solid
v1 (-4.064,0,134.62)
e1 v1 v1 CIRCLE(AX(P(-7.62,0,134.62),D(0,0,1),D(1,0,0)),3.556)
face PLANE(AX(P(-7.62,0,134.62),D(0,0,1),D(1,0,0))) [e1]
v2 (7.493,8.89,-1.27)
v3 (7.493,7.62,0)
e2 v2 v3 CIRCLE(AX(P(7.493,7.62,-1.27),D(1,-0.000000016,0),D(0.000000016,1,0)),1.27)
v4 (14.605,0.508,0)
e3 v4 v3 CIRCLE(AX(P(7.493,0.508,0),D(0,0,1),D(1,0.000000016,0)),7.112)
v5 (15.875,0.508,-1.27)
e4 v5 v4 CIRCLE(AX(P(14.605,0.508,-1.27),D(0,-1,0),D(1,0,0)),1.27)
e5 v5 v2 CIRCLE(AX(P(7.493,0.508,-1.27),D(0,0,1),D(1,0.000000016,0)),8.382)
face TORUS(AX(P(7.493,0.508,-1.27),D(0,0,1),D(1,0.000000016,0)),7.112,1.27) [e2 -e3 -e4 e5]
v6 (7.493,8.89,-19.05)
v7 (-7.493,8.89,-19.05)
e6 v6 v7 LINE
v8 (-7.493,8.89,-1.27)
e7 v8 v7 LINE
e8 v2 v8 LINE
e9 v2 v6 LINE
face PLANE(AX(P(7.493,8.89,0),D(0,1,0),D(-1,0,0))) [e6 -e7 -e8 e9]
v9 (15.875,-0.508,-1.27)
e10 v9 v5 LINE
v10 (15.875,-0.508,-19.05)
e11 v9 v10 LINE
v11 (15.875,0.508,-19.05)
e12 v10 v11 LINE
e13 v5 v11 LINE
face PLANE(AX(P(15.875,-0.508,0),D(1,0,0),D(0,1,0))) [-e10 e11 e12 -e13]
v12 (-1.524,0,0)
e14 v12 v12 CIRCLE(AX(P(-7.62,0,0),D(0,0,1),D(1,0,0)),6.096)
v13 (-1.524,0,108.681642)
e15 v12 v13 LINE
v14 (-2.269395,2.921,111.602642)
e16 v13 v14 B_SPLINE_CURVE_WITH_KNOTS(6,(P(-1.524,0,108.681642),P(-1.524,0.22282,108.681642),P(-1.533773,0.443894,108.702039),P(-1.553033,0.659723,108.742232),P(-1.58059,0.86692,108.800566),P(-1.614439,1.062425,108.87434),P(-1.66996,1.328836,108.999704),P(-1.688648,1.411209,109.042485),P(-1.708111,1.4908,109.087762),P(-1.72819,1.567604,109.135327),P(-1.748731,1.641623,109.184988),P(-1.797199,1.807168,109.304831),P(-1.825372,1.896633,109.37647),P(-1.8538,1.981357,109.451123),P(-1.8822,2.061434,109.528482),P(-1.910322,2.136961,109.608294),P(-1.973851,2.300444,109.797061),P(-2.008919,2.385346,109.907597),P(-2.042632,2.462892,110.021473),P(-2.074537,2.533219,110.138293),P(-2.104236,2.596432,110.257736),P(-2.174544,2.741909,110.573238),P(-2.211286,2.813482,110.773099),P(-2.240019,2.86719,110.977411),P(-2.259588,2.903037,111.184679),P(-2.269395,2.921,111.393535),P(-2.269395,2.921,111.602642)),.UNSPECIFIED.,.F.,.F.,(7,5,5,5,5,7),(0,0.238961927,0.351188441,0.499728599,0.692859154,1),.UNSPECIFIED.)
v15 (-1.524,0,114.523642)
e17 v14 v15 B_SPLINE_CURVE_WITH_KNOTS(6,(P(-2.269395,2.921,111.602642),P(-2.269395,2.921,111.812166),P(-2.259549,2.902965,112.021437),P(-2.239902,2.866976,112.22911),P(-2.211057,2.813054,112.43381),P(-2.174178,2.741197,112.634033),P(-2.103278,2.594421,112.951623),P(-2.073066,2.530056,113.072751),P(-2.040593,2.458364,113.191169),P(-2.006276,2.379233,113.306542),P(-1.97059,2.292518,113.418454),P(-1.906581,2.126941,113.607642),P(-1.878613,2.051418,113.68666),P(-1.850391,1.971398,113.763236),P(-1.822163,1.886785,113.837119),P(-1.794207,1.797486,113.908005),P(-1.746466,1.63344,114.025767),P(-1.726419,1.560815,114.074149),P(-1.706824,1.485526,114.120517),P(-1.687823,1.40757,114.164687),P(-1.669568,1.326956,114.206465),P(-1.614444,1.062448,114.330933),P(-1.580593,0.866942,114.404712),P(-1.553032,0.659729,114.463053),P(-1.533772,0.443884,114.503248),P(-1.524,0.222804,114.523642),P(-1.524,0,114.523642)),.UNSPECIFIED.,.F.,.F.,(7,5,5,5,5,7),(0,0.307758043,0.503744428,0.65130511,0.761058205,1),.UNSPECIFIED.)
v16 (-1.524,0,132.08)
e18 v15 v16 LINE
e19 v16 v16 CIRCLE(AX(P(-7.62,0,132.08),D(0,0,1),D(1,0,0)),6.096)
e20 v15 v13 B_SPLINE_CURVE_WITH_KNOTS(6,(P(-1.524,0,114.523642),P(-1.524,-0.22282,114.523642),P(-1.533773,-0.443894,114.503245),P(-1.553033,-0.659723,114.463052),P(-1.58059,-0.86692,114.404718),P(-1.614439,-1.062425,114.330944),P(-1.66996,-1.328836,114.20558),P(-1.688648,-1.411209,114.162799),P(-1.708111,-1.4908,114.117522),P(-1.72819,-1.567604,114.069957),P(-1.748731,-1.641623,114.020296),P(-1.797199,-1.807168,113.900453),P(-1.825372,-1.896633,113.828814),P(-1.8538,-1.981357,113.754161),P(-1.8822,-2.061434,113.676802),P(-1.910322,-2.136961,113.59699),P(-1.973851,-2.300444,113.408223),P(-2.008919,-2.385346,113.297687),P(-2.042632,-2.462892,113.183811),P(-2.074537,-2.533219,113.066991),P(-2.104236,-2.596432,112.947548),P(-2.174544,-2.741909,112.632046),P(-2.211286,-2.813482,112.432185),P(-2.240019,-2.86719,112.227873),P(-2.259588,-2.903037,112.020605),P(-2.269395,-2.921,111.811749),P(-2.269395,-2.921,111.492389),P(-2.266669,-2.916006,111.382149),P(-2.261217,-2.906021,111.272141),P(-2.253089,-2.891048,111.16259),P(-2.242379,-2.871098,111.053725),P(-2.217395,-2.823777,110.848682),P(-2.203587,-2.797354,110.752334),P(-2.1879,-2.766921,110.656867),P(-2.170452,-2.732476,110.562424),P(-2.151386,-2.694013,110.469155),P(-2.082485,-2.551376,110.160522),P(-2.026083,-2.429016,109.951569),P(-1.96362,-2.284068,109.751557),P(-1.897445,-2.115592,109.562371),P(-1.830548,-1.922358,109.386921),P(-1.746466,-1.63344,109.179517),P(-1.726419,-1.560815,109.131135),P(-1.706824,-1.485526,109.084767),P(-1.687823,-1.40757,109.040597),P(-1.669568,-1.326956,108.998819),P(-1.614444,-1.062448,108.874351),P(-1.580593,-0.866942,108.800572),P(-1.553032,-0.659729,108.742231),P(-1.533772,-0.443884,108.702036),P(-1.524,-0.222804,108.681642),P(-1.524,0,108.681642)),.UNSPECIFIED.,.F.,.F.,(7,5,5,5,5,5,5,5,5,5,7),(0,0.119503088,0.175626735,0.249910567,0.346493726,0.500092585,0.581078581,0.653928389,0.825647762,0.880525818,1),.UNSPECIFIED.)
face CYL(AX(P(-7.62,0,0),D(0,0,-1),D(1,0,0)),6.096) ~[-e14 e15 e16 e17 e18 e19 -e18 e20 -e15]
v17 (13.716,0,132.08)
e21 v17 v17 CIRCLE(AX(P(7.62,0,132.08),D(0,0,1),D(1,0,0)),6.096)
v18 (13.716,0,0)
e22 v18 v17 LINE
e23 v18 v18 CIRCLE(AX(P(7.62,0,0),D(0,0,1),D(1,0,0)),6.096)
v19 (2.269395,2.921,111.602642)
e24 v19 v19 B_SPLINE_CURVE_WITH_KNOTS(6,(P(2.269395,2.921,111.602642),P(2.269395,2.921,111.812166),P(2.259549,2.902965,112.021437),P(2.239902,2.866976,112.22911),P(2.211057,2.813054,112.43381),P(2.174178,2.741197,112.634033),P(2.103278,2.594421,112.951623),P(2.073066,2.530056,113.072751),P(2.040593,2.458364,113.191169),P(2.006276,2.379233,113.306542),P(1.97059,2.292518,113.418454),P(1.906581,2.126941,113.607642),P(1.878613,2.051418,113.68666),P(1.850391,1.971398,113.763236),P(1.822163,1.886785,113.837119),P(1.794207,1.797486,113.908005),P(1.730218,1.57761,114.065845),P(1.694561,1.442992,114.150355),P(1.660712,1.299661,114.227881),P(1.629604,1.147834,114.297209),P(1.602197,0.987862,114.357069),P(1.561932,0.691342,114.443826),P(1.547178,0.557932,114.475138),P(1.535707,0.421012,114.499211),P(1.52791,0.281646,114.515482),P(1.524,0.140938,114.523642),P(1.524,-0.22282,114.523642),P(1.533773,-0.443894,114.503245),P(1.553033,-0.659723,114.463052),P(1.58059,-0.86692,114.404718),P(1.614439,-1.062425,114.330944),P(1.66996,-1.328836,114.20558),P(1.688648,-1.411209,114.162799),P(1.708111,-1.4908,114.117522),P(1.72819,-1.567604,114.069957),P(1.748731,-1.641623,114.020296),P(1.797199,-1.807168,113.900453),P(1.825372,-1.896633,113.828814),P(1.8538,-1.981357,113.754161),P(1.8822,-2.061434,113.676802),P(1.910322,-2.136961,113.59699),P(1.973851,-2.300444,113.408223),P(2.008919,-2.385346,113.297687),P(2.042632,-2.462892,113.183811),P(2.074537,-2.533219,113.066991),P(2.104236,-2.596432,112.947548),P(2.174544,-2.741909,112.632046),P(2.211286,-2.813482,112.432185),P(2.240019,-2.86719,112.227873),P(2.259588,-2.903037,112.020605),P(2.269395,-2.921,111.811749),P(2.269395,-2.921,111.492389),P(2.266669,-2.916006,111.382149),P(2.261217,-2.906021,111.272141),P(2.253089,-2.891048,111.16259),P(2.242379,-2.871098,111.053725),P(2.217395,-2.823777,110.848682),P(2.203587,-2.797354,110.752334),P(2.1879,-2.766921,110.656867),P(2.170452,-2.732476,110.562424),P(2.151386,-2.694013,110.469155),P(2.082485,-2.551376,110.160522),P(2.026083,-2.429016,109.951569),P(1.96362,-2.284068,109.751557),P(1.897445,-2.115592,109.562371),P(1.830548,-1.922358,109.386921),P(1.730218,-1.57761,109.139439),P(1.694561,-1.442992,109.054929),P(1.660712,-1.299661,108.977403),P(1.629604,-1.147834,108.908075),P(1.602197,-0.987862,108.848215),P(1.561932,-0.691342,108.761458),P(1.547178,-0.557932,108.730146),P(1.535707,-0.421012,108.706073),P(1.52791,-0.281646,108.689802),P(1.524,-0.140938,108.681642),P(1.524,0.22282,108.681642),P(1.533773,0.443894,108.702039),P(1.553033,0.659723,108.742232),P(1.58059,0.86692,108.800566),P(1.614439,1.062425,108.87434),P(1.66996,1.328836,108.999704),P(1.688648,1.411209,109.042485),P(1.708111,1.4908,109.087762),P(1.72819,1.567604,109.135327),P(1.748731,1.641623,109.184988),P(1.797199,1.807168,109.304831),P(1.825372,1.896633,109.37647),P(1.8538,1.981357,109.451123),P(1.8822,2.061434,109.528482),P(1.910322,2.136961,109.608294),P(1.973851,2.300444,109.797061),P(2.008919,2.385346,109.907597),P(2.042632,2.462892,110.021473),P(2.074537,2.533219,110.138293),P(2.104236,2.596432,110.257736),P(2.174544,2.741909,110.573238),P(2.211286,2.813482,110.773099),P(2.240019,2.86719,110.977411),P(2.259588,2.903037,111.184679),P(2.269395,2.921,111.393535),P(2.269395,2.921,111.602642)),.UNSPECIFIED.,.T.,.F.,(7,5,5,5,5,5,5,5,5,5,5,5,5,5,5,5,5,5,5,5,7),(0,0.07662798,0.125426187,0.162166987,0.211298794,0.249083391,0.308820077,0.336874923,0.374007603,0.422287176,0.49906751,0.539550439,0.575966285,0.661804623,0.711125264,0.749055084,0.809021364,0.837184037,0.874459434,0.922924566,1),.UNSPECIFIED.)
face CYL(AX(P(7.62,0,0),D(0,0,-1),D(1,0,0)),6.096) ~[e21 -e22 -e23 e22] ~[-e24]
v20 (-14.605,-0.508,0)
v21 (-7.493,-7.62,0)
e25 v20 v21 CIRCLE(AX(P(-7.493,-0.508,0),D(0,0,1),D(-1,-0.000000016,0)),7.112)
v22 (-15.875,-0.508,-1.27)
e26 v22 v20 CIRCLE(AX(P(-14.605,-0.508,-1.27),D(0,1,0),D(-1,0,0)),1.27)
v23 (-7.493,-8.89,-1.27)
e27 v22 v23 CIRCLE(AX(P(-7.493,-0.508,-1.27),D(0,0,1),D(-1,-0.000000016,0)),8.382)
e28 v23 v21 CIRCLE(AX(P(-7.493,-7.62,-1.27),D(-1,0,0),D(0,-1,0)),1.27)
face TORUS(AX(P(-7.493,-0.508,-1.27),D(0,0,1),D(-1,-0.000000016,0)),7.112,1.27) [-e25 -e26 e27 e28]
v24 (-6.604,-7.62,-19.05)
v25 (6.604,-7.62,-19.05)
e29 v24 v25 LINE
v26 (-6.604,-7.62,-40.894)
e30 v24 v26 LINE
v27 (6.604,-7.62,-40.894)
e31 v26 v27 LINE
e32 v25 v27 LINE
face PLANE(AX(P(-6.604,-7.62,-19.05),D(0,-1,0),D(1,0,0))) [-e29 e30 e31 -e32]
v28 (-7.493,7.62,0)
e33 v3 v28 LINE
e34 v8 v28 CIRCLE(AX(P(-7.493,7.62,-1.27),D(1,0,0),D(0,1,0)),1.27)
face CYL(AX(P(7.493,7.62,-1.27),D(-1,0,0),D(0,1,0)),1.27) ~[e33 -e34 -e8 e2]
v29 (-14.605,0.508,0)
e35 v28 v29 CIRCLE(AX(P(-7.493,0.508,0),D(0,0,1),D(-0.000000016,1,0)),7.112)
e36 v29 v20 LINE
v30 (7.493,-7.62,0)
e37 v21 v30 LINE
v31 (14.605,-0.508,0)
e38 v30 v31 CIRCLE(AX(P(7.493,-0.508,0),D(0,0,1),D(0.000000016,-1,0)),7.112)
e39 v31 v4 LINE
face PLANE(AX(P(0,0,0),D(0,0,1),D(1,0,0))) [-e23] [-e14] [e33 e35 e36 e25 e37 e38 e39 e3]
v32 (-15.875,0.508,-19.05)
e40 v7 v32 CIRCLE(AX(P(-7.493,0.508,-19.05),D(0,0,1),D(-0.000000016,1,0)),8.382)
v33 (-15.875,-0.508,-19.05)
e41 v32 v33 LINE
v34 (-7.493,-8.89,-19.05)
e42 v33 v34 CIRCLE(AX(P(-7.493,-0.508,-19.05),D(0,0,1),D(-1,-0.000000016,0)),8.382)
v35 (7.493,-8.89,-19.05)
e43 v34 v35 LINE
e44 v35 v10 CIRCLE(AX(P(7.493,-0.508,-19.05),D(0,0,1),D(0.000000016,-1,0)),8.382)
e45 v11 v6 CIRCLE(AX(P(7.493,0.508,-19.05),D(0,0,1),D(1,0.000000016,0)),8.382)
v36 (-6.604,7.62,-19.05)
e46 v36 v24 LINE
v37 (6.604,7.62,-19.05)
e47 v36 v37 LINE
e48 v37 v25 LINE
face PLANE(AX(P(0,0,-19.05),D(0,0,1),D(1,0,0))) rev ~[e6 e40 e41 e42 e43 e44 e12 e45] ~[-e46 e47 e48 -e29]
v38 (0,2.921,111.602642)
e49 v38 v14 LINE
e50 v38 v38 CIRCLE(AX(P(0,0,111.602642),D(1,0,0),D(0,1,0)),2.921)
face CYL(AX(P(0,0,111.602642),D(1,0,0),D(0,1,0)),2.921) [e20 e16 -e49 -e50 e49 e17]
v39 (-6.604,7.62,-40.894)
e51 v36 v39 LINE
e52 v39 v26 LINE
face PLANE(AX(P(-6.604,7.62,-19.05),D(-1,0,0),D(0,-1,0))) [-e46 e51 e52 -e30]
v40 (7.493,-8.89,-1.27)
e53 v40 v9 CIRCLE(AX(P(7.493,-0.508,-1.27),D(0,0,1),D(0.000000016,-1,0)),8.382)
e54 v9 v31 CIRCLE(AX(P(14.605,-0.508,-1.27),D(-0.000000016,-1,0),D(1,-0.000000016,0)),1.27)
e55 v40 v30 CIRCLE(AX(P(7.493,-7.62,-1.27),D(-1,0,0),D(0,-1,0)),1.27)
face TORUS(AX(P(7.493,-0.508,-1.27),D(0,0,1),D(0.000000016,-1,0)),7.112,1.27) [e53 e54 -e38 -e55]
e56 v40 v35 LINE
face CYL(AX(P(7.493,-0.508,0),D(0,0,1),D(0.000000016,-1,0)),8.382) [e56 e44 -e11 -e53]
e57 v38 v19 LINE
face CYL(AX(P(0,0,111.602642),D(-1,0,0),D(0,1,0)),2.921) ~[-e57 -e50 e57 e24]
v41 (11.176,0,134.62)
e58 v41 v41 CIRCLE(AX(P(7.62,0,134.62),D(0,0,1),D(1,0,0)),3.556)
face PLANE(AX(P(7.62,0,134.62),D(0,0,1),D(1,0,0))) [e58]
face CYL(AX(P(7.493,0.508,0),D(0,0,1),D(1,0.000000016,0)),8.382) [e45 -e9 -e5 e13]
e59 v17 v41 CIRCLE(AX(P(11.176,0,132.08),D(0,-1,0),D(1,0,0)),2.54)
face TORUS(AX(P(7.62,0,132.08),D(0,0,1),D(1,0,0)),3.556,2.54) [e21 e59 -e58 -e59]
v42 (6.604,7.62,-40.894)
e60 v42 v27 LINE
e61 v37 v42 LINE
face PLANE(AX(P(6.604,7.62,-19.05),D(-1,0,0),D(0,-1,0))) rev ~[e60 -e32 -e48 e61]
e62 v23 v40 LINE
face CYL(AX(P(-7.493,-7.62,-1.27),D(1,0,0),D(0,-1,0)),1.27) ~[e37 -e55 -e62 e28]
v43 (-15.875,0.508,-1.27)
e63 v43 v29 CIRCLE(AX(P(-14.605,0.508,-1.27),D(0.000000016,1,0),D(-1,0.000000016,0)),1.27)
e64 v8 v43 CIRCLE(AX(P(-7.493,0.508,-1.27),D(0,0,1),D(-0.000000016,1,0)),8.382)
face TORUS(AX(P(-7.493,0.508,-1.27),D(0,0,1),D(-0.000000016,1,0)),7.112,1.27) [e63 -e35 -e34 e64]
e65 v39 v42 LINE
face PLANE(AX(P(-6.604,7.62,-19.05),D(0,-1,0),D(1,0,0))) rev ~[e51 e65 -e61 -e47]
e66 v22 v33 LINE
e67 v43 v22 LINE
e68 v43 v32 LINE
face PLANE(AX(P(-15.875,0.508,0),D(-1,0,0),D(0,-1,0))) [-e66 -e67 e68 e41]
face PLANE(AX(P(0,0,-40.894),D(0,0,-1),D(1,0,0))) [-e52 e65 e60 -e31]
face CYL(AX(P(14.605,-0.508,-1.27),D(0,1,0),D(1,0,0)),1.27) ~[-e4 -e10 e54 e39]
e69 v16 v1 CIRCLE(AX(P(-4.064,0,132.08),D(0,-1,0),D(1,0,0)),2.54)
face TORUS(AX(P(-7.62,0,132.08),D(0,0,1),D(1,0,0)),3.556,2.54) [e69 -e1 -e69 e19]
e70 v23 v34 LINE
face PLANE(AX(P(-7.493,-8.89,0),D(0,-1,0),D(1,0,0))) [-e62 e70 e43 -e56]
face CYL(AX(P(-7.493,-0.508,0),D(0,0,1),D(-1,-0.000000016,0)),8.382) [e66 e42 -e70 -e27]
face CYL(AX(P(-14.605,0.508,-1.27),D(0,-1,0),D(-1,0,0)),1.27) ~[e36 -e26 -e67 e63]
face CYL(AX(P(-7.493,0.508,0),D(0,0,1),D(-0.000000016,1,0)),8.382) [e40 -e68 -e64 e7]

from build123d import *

# Parameters (mm, degrees)
F0_R          = 6.096
F1_DEPTH      = 134.62
F2_R          = 2.921
F3_DEPTH      = 5.08
F3_DEPTH_BACK = 5.08
F4_R          = 2.54
F6_DEPTH      = 19.05
F7_R          = 1.27
F8_W          = 13.208
F8_H          = 15.24
F9_DEPTH      = 21.844


with BuildPart() as f1:
    # F0 (on Top) → F1 (new body)
    with BuildSketch(Plane.XY):
        with Locations((7.62, 0)):
            Circle(F0_R)
        with Locations((-7.62, 0)):
            Circle(F0_R)
    extrude(amount=F1_DEPTH)

    # F2 (on Right) → F3 (join, two sides)
    with BuildSketch(Plane.YZ) as f3_sk:
        with Locations((0, 111.602642)):
            Circle(F2_R)
    extrude(amount=F3_DEPTH)
    extrude(f3_sk.sketch, amount=-F3_DEPTH_BACK)

    # F4
    f4_edges = [f1.edges().sort_by_distance(p)[0] for p in [
        (-13.716, 0, 134.62),
        (1.524, 0, 134.62),
    ]]
    fillet(f4_edges, radius=F4_R)

    # F5 (on Top) → F6 (join)
    with BuildSketch(Plane.XY):
        with BuildLine():
            ThreePointArc((-15.875, -0.508), (-13.419969, -6.434969), (-7.493, -8.89))
            Line((-7.493, -8.89), (7.493, -8.89))
            ThreePointArc((7.493, -8.89), (13.419969, -6.434969), (15.875, -0.508))
            Line((15.875, -0.508), (15.875, 0.508))
            ThreePointArc((15.875, 0.508), (13.419969, 6.434969), (7.493, 8.89))
            Line((7.493, 8.89), (-7.493, 8.89))
            ThreePointArc((-7.493, 8.89), (-13.419969, 6.434969), (-15.875, 0.508))
            Line((-15.875, 0.508), (-15.875, -0.508))
        make_face()
    extrude(amount=-F6_DEPTH)

    # F7
    f7_edges = [f1.edges().sort_by_distance(p)[0] for p in [
        (0, -8.89, 0),
    ]]
    fillet(f7_edges, radius=F7_R)

    # F8 (on face) → F9 (join)
    with BuildSketch(Plane(origin=(0, 0, -19.05), x_dir=(1, 0, 0), z_dir=(0, 0, -1))):
        Rectangle(F8_W, F8_H)
    extrude(amount=F9_DEPTH)


solid = f1.part
